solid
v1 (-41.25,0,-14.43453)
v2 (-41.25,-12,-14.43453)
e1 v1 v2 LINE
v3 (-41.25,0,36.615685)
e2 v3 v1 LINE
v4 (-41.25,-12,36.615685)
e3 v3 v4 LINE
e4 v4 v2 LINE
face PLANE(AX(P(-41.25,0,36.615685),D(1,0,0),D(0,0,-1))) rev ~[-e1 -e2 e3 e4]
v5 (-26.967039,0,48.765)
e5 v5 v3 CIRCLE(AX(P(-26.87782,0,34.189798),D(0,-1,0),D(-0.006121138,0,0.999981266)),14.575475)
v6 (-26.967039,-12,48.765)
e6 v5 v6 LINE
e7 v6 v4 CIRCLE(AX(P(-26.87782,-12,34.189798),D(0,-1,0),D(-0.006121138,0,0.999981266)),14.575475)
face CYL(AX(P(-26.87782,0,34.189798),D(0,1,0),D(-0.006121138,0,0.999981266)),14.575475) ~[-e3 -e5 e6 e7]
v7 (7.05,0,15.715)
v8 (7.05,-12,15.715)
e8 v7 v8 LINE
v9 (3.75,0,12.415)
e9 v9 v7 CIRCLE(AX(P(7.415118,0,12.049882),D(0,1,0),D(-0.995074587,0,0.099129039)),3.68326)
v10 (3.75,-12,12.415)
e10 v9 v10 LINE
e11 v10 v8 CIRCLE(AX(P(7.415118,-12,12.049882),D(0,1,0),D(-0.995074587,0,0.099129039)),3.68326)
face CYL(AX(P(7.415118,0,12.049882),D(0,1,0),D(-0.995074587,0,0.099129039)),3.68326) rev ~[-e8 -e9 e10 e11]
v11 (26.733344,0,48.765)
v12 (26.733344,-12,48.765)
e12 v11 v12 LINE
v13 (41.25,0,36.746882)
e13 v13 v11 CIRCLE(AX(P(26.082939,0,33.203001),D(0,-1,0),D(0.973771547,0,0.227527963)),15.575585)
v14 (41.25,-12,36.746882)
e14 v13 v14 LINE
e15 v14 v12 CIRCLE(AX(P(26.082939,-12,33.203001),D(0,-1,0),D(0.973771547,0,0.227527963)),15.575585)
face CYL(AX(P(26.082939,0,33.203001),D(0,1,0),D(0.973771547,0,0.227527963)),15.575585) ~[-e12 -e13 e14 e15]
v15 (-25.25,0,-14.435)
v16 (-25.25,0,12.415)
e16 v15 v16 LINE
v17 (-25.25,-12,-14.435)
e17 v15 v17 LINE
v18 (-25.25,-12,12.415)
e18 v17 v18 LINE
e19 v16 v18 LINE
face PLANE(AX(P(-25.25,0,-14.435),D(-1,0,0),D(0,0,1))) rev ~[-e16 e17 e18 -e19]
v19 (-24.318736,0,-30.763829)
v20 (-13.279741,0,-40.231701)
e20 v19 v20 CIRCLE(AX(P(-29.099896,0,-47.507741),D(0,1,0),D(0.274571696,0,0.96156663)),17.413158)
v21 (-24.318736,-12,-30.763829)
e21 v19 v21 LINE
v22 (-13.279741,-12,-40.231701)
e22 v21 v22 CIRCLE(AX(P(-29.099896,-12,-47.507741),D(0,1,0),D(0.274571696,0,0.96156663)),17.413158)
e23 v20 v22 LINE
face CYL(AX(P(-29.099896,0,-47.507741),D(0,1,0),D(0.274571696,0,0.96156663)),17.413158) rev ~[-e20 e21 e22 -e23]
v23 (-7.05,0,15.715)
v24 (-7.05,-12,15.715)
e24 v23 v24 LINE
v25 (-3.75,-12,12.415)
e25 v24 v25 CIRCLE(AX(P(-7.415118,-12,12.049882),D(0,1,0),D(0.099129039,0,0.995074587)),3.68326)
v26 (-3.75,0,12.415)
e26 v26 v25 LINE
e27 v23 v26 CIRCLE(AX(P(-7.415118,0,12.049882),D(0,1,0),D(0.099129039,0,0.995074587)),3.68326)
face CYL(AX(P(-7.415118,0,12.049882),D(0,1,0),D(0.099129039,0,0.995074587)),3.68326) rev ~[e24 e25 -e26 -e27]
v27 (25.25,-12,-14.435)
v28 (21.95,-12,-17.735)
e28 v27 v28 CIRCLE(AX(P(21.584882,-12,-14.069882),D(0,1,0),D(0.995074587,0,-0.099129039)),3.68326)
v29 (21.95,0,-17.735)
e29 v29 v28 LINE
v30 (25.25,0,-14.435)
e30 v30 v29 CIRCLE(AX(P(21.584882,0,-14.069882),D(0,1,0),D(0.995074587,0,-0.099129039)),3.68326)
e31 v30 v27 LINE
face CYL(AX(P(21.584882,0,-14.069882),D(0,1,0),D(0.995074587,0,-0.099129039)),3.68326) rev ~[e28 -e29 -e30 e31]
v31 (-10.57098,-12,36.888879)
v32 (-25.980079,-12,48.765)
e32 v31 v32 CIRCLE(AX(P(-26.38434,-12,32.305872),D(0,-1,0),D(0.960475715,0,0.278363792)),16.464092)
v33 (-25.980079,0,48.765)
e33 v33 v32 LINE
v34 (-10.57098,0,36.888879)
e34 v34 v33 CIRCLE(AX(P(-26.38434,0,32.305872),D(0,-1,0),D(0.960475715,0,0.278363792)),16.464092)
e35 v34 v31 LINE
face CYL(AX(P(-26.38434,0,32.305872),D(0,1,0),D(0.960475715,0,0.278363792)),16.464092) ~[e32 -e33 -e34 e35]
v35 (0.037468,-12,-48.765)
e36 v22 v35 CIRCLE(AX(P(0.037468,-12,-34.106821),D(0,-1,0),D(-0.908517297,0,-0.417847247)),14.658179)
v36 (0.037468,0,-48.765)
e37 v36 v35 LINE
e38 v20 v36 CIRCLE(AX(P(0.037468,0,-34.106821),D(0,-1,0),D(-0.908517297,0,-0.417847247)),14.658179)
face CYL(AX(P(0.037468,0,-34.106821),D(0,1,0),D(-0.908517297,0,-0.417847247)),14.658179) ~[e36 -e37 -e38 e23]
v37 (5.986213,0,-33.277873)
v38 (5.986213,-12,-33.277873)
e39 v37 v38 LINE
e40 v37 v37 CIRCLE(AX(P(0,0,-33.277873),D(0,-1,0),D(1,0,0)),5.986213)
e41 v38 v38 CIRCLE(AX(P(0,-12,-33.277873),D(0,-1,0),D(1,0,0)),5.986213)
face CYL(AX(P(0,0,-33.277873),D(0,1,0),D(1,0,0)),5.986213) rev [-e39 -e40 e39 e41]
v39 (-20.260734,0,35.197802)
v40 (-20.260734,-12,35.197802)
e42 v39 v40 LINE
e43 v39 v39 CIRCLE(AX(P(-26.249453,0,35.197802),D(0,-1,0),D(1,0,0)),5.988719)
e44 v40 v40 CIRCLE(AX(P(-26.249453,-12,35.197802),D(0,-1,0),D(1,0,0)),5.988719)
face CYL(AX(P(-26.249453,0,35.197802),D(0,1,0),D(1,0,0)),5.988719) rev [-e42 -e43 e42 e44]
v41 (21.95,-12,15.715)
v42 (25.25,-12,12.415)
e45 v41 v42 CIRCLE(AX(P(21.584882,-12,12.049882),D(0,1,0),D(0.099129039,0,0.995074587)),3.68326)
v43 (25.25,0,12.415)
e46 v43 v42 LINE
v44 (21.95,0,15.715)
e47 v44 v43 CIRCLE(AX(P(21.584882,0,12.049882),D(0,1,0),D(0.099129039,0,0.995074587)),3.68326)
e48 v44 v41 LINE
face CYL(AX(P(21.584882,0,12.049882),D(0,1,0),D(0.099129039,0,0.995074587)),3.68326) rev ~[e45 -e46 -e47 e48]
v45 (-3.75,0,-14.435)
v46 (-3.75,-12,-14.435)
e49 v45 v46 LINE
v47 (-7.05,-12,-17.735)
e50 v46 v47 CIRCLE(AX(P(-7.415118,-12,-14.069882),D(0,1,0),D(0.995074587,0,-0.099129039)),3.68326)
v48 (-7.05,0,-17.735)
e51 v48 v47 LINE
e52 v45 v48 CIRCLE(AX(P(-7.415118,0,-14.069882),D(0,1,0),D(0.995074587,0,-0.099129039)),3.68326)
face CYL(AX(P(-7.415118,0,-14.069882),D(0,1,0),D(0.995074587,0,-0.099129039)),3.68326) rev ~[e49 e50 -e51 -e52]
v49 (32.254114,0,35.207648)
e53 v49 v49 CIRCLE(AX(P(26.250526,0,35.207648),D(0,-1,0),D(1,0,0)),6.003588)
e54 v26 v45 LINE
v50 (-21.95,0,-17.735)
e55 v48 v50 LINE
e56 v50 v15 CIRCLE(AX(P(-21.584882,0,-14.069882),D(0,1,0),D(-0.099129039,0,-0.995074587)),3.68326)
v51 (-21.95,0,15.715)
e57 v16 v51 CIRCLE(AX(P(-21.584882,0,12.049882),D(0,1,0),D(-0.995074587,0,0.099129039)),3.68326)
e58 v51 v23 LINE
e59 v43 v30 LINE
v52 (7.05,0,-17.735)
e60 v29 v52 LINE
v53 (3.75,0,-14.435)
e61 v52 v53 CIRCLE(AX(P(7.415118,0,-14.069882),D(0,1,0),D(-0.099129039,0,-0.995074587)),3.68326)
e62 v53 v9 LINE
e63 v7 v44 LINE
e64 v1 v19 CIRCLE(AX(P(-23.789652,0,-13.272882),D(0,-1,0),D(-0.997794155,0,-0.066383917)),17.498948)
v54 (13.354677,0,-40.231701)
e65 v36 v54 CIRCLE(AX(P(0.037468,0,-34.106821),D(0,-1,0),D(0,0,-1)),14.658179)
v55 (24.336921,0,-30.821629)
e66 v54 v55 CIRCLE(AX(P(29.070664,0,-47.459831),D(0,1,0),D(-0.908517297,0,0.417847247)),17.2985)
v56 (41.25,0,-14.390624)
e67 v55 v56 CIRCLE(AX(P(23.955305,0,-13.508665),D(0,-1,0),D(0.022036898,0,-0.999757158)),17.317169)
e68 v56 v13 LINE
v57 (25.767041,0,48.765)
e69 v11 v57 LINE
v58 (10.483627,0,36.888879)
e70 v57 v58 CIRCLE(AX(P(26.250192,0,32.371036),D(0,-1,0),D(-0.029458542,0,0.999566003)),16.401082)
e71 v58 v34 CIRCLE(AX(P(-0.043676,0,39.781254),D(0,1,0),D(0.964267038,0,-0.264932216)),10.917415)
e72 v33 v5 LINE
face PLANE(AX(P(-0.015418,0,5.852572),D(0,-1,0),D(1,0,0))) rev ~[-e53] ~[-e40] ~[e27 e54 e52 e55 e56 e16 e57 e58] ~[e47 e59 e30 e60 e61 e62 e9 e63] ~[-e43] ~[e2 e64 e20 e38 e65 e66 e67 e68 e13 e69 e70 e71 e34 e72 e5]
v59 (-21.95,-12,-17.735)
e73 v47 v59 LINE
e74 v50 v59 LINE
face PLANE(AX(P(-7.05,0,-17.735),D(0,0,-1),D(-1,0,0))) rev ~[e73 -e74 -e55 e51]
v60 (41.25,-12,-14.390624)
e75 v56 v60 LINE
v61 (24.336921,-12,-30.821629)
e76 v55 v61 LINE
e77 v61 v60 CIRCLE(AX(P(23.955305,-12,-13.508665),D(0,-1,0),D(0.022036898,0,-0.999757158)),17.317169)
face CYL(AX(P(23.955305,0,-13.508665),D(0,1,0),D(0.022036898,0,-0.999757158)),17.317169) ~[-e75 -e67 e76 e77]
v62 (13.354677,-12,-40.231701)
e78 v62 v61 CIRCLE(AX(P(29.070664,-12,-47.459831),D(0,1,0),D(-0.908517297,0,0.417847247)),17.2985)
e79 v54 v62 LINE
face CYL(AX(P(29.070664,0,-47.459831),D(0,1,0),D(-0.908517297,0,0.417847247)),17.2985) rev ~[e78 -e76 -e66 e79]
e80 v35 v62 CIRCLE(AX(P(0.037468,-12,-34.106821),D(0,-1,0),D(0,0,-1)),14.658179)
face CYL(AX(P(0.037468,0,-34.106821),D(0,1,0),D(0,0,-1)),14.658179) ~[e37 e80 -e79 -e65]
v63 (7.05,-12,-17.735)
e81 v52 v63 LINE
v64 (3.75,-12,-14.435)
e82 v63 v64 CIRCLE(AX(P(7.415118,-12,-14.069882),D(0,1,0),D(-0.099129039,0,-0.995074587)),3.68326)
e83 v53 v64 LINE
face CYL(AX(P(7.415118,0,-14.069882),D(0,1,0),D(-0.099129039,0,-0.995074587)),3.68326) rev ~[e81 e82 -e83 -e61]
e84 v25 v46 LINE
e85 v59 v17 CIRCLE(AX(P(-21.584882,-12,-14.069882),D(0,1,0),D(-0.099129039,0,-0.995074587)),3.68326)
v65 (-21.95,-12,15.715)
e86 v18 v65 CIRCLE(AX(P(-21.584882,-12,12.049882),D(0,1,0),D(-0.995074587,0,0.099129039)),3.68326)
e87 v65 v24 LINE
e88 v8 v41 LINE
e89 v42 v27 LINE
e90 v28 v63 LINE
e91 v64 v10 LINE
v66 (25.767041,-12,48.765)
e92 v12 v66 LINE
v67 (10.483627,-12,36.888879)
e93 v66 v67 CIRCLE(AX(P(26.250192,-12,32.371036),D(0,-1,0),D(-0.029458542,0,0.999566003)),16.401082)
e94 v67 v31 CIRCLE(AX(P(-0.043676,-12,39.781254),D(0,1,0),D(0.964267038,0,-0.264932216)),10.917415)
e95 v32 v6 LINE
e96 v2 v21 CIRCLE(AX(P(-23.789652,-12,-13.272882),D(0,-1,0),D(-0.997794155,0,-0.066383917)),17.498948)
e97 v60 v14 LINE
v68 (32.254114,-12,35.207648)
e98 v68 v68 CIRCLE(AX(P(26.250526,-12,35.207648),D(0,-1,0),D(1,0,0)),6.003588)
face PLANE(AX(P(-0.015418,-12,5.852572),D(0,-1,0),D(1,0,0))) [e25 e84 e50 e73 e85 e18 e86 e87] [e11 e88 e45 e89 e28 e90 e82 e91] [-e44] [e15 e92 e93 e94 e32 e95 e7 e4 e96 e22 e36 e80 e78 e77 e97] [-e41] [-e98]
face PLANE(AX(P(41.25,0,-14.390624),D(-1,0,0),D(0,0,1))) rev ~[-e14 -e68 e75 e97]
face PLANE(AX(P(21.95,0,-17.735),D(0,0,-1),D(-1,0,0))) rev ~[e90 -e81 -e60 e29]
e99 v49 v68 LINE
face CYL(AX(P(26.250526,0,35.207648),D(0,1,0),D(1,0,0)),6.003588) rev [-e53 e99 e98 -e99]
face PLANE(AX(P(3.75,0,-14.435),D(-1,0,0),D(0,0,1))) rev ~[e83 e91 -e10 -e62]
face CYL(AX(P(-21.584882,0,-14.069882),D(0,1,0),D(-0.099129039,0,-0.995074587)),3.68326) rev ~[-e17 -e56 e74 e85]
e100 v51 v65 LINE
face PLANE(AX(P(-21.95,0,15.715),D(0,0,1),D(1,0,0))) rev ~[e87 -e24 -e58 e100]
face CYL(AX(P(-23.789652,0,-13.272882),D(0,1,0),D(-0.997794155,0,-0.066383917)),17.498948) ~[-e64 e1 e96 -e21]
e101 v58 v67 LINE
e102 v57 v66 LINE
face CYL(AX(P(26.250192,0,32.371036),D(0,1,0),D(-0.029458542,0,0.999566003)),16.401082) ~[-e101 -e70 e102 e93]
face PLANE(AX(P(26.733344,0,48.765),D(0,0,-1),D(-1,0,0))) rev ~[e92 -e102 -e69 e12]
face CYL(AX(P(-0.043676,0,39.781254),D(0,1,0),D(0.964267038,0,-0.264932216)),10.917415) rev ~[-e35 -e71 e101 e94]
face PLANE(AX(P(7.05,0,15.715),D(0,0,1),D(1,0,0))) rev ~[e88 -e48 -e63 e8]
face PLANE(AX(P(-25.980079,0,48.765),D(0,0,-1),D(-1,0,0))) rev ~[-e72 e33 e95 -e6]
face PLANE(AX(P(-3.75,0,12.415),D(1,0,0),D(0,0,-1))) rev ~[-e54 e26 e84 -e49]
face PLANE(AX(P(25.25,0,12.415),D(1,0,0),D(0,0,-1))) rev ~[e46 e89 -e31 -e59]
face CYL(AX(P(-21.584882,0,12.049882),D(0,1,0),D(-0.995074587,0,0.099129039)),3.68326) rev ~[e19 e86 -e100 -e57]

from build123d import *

# Parameters (mm, degrees)
F4_R     = 5.9862131535
F4_R_2   = 5.9887190734
F4_R_3   = 6.0035875387
F5_DEPTH = 12


with BuildPart() as f5:
    # F4 (on face) → F5 (new body)
    with BuildSketch(Plane.XZ):
        with BuildLine():
            ThreePointArc((41.25, 36.7468819022), (36.0155544499, 45.2005833789), (26.7333444208, 48.765))
            Line((26.7333444208, 48.765), (25.7670405285, 48.765))
            ThreePointArc((25.7670405285, 48.765), (16.1866994871, 45.321773358), (10.4836272076, 36.8888787925))
            ThreePointArc((10.4836272076, 36.8888787925), (-0.0436762348, 28.8638387255), (-10.5709796771, 36.8888787925))
            ThreePointArc((-10.5709796771, 36.8888787925), (-16.3337991948, 45.3463069878), (-25.9800792323, 48.765))
            Line((-25.9800792323, 48.765), (-26.7886016518, 48.765))
            Line((-26.7886016518, 48.765), (-26.9670386529, 48.765))
            ThreePointArc((-26.9670386529, 48.765), (-36.3215734605, 45.292049957), (-41.25, 36.6156846285))
            Line((-41.25, 36.6156846285), (-41.25, -14.4345303997))
            ThreePointArc((-41.25, -14.4345303997), (-35.9373438369, -25.8683872074), (-24.3187360466, -30.763828967))
            ThreePointArc((-24.3187360466, -30.763828967), (-17.7635079476, -34.2901625302), (-13.2797408395, -40.2317007442))
            ThreePointArc((-13.2797408395, -40.2317007442), (-7.8708383281, -46.4486562614), (0.0374683153, -48.765))
            ThreePointArc((0.0374683153, -48.765), (7.9457749586, -46.4486562614), (13.35467747, -40.2317007442))
            ThreePointArc((13.35467747, -40.2317007442), (17.8152110928, -34.3238927237), (24.3369212747, -30.8216288686))
            ThreePointArc((24.3369212747, -30.8216288686), (36.0220971019, -25.929488859), (41.25, -14.3906241283))
            Line((41.25, -14.3906241283), (41.25, 36.7468819022))
        make_face()
        Polygon((-25.25, 15.715), (-21.95, 15.715), (-7.05, 15.715), (-3.75, 15.715), (-3.75, 12.415), (-3.75, -14.435), (-3.75, -17.735), (-7.05, -17.735), (-21.95, -17.735), (-25.25, -17.735), (-25.25, -14.435), (-25.25, 12.415), align=None, mode=Mode.SUBTRACT)
        with Locations((0, -33.2778729498)):
            Circle(F4_R, mode=Mode.SUBTRACT)
        with BuildLine():
            ThreePointArc((3.75, 12.415), (4.8106601718, 14.6543398282), (7.05, 15.715))
            Line((7.05, 15.715), (21.95, 15.715))
            ThreePointArc((21.95, 15.715), (24.1893398282, 14.6543398282), (25.25, 12.415))
            Line((25.25, 12.415), (25.25, -14.435))
            ThreePointArc((25.25, -14.435), (24.1893398282, -16.6743398282), (21.95, -17.735))
            Line((21.95, -17.735), (7.05, -17.735))
            ThreePointArc((7.05, -17.735), (4.8106601718, -16.6743398282), (3.75, -14.435))
            Line((3.75, -14.435), (3.75, 12.415))
        make_face(mode=Mode.SUBTRACT)
        with Locations((-26.2494534254, 35.197801888)):
            Circle(F4_R_2, mode=Mode.SUBTRACT)
        with Locations((26.250526309, 35.2076478302)):
            Circle(F4_R_3, mode=Mode.SUBTRACT)
        with BuildLine():
            Line((-3.75, -17.735), (-3.75, -14.435))
            ThreePointArc((-3.75, -14.435), (-4.8106601718, -16.6743398282), (-7.05, -17.735))
            Line((-7.05, -17.735), (-3.75, -17.735))
        make_face()
        with BuildLine():
            ThreePointArc((-21.95, -17.735), (-24.1893398282, -16.6743398282), (-25.25, -14.435))
            Line((-25.25, -14.435), (-25.25, -17.735))
            Line((-25.25, -17.735), (-21.95, -17.735))
        make_face()
        with BuildLine():
            ThreePointArc((-25.25, 12.415), (-24.1893398282, 14.6543398282), (-21.95, 15.715))
            Line((-21.95, 15.715), (-25.25, 15.715))
            Line((-25.25, 15.715), (-25.25, 12.415))
        make_face()
        with BuildLine():
            Line((-3.75, 15.715), (-7.05, 15.715))
            ThreePointArc((-7.05, 15.715), (-4.8106601718, 14.6543398282), (-3.75, 12.415))
            Line((-3.75, 12.415), (-3.75, 15.715))
        make_face()
    extrude(amount=F5_DEPTH)


solid = f5.part
